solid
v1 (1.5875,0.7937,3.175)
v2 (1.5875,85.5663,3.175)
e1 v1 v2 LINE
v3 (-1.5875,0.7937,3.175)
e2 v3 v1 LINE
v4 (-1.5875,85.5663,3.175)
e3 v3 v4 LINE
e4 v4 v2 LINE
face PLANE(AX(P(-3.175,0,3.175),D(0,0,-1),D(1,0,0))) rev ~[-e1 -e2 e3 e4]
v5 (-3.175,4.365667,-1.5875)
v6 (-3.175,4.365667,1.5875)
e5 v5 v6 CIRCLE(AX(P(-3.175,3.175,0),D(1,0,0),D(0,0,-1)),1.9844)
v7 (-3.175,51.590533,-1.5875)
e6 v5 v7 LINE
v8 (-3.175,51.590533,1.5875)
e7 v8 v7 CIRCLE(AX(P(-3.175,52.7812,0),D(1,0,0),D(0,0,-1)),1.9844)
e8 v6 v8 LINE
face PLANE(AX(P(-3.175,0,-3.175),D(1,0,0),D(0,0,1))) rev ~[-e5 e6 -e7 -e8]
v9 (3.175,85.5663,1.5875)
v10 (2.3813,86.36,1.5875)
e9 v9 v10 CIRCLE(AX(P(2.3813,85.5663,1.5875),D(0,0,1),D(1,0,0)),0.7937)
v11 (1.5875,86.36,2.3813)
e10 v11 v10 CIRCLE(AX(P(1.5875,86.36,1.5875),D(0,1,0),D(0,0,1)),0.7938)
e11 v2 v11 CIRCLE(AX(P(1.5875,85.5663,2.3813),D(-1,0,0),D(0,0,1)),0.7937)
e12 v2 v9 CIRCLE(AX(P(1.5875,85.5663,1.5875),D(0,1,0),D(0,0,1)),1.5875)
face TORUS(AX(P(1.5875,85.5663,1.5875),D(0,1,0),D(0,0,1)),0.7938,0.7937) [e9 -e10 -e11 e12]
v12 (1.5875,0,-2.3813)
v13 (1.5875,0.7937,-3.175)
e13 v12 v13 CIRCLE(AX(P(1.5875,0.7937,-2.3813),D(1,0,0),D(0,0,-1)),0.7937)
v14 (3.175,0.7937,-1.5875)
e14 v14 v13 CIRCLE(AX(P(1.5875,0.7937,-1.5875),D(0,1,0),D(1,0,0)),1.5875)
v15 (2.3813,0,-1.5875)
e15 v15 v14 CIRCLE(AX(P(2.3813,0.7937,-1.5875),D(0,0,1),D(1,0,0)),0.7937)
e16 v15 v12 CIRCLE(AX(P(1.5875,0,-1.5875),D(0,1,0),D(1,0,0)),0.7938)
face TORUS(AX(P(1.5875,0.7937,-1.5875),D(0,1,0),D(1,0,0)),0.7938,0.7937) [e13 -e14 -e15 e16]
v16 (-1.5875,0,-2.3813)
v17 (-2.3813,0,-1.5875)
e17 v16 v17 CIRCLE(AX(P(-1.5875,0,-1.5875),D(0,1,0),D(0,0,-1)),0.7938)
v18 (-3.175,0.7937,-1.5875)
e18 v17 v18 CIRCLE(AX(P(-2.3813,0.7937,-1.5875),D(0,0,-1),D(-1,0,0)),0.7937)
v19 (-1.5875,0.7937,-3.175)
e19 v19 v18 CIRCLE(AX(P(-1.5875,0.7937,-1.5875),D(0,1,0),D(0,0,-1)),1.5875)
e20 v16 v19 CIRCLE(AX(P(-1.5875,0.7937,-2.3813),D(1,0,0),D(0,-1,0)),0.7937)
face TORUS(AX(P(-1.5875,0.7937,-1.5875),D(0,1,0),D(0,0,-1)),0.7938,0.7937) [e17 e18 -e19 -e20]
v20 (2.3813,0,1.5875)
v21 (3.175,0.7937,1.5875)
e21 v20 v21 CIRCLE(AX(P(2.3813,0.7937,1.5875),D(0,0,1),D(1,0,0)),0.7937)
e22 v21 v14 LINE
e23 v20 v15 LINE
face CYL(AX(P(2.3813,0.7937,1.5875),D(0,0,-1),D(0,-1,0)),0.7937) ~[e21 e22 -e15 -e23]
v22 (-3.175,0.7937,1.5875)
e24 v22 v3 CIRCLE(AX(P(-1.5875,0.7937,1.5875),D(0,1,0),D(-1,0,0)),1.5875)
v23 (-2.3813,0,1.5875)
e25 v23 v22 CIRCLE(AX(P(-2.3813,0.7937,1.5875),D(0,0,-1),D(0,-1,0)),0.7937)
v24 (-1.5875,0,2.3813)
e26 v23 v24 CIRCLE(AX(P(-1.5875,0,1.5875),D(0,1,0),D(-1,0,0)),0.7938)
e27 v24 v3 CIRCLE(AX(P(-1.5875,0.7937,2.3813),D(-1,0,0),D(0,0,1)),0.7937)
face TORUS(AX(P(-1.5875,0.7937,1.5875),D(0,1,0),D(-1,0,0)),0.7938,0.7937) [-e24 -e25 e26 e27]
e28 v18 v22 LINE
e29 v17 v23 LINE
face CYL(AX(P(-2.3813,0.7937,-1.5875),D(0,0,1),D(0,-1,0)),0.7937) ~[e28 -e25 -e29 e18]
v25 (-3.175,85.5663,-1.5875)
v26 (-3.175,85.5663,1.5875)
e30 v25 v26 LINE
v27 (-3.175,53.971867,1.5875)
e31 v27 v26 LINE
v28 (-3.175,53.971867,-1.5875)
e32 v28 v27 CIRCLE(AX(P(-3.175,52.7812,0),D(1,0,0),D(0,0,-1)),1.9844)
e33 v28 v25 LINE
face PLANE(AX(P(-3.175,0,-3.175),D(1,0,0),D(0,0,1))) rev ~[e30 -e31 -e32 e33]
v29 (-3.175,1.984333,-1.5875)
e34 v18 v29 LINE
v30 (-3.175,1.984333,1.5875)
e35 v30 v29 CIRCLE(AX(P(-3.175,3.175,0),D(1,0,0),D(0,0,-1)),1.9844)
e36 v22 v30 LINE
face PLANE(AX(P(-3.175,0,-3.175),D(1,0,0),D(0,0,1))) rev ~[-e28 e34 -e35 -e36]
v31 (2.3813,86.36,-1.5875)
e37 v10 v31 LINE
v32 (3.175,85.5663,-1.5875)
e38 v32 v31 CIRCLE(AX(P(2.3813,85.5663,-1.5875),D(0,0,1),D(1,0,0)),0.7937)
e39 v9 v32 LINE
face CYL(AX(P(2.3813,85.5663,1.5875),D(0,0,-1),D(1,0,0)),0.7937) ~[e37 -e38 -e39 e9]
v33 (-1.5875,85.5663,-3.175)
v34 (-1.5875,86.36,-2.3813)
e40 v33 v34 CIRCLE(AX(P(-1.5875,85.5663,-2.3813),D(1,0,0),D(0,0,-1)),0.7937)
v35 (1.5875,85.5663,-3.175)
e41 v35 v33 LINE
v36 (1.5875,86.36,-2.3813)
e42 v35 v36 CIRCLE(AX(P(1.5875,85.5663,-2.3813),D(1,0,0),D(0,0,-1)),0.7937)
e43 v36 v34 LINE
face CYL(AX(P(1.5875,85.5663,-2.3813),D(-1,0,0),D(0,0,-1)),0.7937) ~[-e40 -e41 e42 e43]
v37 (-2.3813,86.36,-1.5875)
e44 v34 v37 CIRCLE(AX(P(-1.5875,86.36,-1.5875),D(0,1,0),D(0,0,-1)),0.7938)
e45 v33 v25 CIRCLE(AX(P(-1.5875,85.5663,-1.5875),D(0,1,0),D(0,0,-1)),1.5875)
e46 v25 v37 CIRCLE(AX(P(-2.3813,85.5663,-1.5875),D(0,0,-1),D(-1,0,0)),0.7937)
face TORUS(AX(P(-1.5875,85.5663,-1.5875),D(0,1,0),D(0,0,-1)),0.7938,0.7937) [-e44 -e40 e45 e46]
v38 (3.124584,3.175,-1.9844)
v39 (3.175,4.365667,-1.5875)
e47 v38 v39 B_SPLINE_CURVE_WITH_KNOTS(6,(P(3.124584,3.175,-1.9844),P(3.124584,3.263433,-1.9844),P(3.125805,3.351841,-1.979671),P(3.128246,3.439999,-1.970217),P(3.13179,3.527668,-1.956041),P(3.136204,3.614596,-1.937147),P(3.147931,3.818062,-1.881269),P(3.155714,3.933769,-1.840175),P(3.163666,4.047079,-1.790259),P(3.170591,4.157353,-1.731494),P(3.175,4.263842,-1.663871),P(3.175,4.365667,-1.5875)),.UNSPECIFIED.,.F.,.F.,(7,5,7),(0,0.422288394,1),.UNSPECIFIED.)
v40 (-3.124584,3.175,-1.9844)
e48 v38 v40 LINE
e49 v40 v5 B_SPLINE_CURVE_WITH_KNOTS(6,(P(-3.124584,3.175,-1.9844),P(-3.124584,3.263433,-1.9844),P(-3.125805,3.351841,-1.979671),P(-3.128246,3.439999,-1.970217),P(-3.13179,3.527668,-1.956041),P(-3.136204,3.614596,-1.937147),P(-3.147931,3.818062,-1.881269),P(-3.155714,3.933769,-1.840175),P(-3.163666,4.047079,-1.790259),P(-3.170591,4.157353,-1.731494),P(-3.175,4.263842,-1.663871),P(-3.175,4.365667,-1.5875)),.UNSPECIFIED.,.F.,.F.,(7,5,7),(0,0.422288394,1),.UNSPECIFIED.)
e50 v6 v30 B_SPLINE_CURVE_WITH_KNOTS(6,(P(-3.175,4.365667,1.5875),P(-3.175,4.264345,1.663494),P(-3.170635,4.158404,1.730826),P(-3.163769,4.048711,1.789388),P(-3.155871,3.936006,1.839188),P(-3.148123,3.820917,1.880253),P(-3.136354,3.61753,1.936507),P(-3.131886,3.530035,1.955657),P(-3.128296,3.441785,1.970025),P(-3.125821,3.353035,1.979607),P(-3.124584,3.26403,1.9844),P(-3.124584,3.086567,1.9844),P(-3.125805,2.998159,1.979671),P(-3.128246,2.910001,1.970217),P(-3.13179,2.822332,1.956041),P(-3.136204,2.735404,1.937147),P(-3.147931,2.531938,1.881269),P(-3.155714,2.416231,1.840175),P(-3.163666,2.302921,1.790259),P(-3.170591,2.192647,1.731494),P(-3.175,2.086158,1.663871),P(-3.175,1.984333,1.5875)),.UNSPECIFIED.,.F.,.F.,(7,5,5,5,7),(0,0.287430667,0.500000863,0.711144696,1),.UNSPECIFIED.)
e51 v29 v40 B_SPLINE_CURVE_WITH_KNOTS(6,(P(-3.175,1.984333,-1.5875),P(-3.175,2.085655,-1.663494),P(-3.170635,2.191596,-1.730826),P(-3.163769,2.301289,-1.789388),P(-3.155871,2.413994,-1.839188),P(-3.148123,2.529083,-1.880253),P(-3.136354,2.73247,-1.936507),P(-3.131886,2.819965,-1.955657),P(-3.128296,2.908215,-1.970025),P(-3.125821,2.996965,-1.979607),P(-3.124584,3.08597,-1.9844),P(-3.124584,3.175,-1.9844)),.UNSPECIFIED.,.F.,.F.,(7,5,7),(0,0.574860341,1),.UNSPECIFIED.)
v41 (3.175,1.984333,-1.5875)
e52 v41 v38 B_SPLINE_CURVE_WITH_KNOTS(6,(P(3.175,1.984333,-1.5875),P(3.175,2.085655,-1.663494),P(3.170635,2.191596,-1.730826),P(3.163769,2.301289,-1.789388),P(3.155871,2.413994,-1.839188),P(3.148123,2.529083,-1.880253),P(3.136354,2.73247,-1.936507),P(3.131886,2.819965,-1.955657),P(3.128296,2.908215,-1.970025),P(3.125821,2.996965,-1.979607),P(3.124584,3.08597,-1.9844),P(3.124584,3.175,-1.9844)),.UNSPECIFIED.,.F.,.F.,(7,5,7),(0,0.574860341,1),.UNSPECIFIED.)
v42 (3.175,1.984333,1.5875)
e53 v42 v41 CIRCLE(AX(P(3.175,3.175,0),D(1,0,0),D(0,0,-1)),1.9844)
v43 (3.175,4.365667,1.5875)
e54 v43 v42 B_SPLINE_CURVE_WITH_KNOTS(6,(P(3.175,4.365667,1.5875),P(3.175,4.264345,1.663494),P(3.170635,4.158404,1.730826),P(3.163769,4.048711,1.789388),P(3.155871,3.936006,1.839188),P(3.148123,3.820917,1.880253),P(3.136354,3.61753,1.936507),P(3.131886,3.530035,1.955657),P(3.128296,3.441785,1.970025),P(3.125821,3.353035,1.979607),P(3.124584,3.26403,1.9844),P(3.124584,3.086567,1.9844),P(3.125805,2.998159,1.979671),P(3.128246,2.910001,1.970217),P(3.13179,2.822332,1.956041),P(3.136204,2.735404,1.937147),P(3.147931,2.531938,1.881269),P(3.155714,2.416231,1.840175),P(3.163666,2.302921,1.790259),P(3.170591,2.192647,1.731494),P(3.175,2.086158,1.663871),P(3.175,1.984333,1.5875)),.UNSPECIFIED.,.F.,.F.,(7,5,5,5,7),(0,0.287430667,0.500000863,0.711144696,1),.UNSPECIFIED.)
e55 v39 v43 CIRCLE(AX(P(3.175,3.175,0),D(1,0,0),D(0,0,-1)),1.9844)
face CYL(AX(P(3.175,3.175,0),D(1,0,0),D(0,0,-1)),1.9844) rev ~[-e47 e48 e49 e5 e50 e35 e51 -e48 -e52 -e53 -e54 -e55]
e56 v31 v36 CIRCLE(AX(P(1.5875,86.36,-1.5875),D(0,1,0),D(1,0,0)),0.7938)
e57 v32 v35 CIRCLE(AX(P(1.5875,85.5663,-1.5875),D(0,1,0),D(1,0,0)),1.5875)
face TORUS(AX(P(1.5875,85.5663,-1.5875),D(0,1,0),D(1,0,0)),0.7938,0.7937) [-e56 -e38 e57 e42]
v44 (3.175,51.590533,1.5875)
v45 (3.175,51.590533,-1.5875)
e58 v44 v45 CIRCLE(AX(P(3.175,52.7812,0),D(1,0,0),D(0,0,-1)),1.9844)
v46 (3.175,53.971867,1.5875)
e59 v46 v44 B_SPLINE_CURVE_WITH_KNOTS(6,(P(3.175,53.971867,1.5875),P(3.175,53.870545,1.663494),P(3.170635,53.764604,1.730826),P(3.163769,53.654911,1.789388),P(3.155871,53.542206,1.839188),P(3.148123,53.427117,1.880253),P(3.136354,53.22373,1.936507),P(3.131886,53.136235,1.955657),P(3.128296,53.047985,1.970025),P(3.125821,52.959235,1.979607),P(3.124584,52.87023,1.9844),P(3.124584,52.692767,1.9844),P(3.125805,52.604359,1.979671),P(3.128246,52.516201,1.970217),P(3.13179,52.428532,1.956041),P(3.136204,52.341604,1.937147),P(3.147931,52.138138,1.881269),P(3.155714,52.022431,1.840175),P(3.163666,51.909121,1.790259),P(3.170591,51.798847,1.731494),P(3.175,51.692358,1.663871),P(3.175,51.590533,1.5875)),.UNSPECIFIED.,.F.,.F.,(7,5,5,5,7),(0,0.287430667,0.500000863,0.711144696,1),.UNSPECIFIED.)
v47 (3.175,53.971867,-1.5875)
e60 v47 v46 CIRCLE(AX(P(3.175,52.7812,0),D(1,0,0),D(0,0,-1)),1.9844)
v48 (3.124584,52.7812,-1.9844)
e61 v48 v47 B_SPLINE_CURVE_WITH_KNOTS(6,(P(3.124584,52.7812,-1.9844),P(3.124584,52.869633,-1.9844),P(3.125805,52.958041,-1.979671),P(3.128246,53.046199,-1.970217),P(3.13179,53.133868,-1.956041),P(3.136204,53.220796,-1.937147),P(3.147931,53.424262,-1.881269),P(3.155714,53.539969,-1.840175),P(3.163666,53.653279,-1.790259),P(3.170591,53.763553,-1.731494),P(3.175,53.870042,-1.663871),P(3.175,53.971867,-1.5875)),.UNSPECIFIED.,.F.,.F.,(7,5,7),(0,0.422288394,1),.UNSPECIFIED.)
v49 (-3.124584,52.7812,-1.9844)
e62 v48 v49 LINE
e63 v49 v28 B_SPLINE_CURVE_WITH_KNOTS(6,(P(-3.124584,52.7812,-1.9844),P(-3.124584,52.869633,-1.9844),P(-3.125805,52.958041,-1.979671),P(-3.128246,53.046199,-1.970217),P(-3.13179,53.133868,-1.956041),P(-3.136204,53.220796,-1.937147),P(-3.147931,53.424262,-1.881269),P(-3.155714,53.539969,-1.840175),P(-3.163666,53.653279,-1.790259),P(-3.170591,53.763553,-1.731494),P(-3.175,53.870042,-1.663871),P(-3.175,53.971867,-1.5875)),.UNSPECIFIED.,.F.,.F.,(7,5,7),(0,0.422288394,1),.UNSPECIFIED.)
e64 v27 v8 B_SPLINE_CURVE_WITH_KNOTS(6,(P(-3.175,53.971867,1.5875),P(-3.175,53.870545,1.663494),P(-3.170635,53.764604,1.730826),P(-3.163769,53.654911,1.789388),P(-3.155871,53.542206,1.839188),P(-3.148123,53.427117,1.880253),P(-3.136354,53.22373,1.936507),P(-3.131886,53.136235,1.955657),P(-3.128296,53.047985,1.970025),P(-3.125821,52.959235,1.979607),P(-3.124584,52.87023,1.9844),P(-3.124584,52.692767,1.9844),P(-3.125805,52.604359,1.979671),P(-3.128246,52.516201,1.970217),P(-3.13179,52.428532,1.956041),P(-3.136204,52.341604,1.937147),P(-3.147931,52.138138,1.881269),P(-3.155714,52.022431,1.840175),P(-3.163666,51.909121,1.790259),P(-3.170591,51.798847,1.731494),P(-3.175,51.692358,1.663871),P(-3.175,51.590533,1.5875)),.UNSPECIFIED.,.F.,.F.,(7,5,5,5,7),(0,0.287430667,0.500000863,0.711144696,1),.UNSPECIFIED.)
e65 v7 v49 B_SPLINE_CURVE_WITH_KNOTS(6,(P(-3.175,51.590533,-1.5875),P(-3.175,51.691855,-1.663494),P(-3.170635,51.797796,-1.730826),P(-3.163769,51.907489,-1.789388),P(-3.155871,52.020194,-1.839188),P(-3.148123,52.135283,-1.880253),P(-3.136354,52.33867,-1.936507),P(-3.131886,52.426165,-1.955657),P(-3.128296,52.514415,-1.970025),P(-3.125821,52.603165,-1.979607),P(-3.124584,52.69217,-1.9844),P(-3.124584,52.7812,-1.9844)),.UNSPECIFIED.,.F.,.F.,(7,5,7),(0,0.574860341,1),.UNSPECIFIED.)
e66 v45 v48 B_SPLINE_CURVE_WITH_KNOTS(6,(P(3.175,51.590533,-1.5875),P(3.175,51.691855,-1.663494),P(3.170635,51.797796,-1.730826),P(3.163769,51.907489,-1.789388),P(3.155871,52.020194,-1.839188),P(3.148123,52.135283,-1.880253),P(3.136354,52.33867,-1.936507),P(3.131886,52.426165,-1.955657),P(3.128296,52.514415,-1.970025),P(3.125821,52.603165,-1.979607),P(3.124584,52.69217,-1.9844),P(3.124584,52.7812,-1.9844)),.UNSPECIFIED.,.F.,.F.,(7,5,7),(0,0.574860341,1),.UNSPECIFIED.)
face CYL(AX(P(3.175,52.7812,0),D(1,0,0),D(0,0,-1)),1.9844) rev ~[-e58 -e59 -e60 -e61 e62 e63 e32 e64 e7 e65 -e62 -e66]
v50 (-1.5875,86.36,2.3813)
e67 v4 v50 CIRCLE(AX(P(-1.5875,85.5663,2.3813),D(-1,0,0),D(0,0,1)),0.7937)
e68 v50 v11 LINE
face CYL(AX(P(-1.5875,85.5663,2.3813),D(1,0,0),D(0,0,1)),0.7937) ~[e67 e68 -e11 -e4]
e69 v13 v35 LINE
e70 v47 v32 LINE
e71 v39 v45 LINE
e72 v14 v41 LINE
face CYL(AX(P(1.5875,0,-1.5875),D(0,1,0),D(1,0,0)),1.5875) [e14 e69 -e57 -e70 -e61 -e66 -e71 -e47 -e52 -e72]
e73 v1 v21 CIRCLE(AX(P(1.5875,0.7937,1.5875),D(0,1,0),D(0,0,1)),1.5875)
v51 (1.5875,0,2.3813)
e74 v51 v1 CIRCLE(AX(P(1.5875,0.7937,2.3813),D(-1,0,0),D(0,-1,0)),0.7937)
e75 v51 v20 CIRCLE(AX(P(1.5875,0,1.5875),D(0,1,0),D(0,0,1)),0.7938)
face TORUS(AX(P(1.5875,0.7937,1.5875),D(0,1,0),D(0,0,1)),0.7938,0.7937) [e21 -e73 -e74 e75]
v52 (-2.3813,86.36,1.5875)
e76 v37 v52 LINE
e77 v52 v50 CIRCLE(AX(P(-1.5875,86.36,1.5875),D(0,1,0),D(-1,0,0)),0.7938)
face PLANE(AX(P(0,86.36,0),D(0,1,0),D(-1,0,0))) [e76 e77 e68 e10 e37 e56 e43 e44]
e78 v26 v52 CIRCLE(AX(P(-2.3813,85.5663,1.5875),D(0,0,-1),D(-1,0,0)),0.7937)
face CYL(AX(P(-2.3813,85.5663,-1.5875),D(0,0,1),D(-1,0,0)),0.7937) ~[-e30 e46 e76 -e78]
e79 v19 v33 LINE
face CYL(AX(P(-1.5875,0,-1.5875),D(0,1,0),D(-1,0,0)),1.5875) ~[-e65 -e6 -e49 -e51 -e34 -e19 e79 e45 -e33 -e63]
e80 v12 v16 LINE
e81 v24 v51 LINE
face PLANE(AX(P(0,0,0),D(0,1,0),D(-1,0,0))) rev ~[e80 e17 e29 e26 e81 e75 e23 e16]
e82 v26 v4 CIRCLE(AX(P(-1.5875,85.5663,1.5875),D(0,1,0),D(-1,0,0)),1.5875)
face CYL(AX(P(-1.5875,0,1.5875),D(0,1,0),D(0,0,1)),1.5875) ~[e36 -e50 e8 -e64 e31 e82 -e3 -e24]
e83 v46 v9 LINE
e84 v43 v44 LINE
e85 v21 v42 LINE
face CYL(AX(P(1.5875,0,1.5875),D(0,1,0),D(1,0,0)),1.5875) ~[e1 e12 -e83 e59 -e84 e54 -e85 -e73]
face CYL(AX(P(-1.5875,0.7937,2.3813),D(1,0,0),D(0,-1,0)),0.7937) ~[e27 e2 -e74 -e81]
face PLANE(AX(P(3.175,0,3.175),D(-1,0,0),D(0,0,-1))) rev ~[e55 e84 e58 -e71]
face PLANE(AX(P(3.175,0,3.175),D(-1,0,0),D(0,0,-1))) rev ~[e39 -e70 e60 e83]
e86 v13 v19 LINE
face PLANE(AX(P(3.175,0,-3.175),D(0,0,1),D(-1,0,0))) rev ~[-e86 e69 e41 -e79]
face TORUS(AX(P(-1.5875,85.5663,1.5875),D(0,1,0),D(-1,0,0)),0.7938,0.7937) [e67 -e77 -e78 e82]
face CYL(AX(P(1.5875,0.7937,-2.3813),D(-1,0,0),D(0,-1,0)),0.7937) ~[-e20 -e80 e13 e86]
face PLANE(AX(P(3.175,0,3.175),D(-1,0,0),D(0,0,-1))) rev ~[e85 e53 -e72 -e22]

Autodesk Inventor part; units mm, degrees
ref_plane "YZ Plane" through (0, 0, 0) normal (1, 0, 0) x (0, 1, 0)
ref_plane "XZ Plane" through (0, 0, 0) normal (0, 1, 0) x (-1, 0, 0)
ref_plane "XY Plane" through (0, 0, 0) normal (0, 0, 1) x (1, 0, 0)
sketch "Sketch1" plane through (0, 0, 0) normal (0, 1, 0) x (-1, 0, 0)
  line L0 (-3.175, -3.175) -> (3.175, -3.175)
  line L1 (3.175, -3.175) -> (3.175, 3.175)
  line L2 (3.175, 3.175) -> (-3.175, 3.175)
  line L3 (-3.175, 3.175) -> (-3.175, -3.175)
  line L4 (-3.175, -3.175) -> (3.175, 3.175) construction
  line L5 (3.175, -3.175) -> (-3.175, 3.175) construction
  point P0 (0, 0)
  dimension "d0" = 6.35
  dimension "d1" = 6.35
extrude "Extrusion1" add sketch "Sketch1" along normal blind 86.36
fillet "Fillet1" radius 1.5875 4 edges at (3.175, 43.18, 3.175) (3.175, 43.18, -3.175) (-3.175, 43.18, -3.175) (-3.175, 43.18, 3.175)
fillet "Fillet2" radius 0.7937 16 edges at (2.71, 0, -2.71) (0, 0, -3.175) (-2.71, 0, -2.71) (-3.175, 0, 0) (-2.71, 0, 2.71) (0, 0, 3.175) (2.71, 0, 2.71) (3.175, 0, 0) (2.71, 86.36, -2.71) (0, 86.36, -3.175) (-2.71, 86.36, -2.71) (-3.175, 86.36, 0) (-2.71, 86.36, 2.71) (0, 86.36, 3.175) (2.71, 86.36, 2.71) (3.175, 86.36, 0)
sketch "Sketch2" plane through (3.175, 0.7937, 1.5875) normal (1, 0, 0) x (0, 0, -1)
  circle A0 centre (1.5875, 2.3813) radius 1.9844
  line L0 (0, -0.7937) -> (3.175, -0.7937) projected
  point P0 (1.5875, -0.7937)
  dimension "d6" = 3.9688
  dimension "d7" = 3.175
extrude "Extrusion2" cut sketch "Sketch2" against normal blind 88.9
sketch "Sketch3" plane through (3.175, 85.5662, 1.5875) normal (1, 0, 0) x (0, 0, -1)
  arc A0 (3.175, -81.2006) -> (0, -81.2006) centre (1.5875, -82.3912) ccw projected
  circle A1 centre (1.5875, -32.785) radius 1.9844
  point P0 (1.5875, -85.5662)
  dimension "d10" = 3.9688
  dimension "d11" = 49.6062
extrude "Extrusion3" cut sketch "Sketch3" against normal blind 88.9
properties part number "wedgeb" material "Stainless Steel"
